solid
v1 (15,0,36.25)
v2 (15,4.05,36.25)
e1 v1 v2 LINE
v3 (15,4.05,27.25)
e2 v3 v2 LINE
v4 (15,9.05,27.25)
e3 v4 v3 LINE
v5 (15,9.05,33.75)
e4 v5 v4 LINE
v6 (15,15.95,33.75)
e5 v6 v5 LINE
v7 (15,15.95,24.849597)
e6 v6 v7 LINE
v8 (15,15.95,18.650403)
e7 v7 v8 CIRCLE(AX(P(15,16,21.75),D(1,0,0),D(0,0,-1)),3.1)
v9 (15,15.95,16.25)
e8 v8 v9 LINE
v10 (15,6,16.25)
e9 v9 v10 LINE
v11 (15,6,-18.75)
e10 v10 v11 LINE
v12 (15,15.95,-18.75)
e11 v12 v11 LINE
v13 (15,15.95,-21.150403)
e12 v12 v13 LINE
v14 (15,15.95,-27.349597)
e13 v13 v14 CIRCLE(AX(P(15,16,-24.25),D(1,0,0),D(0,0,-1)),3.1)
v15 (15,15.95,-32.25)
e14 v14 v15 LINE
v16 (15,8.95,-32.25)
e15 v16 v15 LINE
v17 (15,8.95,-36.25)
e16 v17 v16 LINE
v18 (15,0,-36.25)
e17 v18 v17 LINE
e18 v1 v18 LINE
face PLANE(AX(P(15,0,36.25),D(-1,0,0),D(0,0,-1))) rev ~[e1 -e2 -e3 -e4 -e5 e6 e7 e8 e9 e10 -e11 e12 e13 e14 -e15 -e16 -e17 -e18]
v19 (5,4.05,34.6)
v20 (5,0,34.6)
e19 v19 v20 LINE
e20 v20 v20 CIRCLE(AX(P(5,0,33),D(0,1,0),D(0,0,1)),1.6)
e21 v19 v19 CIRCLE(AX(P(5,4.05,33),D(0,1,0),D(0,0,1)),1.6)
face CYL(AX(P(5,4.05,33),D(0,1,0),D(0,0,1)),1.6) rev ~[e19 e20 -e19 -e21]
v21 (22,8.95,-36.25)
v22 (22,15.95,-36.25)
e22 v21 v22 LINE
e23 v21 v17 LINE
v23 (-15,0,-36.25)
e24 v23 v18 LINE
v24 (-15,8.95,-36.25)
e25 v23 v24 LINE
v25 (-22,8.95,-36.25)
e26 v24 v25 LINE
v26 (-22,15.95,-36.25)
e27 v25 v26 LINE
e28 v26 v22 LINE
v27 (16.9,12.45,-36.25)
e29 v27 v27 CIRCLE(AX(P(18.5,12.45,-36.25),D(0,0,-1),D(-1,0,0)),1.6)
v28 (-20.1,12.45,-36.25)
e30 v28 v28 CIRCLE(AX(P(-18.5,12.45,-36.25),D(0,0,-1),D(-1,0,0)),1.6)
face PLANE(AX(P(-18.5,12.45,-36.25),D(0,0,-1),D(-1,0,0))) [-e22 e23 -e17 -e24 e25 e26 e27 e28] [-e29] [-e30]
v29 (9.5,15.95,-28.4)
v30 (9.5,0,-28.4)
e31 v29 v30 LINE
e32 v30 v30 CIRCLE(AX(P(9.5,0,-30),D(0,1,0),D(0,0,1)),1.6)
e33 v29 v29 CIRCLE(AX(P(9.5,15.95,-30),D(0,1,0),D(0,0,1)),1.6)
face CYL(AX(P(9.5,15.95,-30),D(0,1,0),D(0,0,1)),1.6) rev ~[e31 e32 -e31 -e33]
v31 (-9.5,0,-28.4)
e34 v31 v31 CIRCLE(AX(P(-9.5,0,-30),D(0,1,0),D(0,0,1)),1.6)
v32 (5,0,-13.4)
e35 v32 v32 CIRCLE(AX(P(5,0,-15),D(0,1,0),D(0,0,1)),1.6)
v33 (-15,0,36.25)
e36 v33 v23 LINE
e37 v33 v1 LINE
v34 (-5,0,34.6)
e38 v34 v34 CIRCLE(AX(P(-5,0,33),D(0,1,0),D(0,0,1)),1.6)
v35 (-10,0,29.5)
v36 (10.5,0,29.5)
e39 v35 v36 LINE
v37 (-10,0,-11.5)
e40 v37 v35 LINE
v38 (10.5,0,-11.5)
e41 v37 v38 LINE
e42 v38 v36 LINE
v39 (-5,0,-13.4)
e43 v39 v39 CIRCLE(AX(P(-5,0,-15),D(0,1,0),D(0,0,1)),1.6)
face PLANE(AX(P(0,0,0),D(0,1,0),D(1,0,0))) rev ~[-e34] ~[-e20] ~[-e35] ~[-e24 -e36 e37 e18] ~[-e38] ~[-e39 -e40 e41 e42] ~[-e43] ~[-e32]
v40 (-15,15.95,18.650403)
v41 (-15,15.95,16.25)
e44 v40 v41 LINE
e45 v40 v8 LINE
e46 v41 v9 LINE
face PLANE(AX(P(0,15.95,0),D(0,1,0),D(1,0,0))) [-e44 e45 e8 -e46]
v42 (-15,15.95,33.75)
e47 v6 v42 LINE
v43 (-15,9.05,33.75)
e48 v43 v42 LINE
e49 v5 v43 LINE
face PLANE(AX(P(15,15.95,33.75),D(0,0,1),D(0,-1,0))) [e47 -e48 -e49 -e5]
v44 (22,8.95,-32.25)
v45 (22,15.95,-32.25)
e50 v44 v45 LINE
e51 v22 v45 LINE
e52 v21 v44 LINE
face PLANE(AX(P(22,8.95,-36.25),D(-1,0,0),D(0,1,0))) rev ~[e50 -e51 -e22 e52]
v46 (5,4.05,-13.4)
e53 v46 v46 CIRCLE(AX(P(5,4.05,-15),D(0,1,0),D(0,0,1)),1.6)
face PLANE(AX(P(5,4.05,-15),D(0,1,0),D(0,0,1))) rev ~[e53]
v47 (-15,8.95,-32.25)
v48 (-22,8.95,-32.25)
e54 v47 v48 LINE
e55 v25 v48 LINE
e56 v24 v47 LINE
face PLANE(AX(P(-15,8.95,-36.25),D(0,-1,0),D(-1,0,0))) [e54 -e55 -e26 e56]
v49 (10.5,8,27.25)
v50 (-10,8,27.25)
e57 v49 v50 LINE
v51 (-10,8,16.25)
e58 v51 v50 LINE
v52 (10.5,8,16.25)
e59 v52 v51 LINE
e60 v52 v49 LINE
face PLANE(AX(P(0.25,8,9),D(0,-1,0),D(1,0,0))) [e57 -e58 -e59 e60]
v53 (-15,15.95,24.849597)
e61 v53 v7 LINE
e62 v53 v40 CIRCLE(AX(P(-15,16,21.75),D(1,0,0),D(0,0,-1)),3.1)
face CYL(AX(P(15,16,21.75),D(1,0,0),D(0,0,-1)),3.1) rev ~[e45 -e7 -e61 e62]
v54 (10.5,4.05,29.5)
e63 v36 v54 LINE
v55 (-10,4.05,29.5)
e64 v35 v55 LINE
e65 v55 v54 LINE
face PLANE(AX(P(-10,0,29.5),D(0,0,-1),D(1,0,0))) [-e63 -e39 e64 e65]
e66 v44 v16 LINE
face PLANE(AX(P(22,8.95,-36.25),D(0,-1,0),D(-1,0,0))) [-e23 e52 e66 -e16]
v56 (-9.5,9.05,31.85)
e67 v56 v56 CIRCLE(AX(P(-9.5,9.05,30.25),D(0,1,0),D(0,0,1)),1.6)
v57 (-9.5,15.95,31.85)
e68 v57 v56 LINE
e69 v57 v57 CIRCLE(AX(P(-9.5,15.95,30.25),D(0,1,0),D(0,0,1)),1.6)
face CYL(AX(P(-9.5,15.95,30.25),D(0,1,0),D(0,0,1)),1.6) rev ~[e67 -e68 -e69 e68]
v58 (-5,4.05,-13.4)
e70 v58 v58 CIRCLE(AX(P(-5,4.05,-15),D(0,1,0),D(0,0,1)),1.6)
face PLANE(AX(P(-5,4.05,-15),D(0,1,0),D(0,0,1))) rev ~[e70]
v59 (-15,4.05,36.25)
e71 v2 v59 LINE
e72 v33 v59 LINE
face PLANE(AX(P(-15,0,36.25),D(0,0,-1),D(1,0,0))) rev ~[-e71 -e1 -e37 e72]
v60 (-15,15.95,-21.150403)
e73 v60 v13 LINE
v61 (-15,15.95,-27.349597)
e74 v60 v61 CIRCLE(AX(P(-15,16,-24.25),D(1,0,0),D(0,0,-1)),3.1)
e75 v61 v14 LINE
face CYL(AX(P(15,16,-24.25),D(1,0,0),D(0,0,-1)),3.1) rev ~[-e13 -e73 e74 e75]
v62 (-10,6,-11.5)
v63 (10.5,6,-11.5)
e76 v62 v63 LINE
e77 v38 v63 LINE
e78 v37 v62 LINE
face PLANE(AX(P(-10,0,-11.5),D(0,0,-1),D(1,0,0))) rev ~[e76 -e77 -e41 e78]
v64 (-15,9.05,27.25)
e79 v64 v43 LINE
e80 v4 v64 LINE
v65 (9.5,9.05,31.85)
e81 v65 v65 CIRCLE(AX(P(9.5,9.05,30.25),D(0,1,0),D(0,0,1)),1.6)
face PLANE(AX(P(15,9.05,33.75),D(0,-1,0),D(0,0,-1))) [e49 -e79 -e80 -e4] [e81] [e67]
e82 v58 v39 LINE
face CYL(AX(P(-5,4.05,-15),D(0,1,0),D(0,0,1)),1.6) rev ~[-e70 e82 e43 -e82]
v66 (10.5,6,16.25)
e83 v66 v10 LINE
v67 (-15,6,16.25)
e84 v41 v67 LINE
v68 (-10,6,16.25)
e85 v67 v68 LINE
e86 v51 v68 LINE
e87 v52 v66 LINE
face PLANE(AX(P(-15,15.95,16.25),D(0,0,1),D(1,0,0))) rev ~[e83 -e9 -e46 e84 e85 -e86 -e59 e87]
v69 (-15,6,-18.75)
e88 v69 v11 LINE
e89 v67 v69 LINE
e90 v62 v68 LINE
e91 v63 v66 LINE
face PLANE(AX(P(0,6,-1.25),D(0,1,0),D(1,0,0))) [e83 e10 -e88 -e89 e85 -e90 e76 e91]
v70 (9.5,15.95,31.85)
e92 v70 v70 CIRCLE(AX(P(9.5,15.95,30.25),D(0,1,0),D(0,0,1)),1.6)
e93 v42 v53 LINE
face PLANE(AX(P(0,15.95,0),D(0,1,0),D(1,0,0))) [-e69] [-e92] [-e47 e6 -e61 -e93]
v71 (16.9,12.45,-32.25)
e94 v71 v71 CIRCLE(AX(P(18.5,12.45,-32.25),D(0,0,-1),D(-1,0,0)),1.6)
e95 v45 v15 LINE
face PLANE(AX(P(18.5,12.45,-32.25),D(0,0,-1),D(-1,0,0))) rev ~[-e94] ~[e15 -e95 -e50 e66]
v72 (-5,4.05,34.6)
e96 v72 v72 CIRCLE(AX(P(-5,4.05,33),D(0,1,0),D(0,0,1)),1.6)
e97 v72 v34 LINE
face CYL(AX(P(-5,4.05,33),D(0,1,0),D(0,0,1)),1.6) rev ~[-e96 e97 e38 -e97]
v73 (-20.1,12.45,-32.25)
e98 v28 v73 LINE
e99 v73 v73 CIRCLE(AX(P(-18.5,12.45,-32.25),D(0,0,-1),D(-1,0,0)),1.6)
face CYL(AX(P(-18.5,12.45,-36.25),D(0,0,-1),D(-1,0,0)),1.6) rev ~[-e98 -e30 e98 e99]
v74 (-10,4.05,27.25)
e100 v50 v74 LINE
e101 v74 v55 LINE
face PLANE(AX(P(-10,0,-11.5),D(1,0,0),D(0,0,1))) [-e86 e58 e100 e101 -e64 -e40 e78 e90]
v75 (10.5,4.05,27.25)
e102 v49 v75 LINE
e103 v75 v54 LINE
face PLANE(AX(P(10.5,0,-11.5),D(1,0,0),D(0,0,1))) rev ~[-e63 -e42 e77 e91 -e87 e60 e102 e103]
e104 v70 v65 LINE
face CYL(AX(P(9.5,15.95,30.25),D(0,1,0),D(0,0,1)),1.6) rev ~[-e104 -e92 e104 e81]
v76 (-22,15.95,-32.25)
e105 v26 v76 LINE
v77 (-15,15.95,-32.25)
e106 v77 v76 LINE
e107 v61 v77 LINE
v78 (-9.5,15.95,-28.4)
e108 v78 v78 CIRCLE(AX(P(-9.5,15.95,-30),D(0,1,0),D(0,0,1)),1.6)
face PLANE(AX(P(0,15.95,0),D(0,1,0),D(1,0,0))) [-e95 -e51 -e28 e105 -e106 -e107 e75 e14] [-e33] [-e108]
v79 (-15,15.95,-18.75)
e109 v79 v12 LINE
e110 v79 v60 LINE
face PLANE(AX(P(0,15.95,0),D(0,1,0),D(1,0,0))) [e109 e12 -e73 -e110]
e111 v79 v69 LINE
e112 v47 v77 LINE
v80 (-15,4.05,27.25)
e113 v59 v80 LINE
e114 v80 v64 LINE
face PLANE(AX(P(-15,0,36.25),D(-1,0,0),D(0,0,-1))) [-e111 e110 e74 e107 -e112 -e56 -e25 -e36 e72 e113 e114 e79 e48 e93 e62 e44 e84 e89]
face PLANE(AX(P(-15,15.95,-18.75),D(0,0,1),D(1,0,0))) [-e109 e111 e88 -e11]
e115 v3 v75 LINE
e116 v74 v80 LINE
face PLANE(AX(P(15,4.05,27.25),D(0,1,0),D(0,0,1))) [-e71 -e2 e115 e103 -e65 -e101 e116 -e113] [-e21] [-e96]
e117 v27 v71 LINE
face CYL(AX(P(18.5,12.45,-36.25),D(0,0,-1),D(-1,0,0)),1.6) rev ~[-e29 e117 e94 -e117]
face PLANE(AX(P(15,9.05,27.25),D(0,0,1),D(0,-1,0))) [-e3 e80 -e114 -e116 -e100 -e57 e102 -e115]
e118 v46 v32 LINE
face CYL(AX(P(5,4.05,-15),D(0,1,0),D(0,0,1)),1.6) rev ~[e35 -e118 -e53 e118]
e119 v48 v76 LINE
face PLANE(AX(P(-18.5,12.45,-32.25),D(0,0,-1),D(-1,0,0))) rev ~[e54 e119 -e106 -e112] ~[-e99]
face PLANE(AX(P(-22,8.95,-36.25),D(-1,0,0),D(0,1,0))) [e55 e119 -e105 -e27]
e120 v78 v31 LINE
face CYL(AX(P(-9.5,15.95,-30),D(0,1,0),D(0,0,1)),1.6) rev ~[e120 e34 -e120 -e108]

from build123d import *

# Parameters (mm, degrees)
SKETCH3_W           = 30
SKETCH3_H           = 72.5
BOSS_EXTRUDE2_DEPTH = 15.95
SKETCH7_W           = 20.5
SKETCH7_H           = 41
CUT_EXTRUDE5_DEPTH  = 8
SKETCH8_W           = 30
SKETCH8_H           = 35
CUT_EXTRUDE6_DEPTH  = 9.95
CUT_EXTRUDE7_DEPTH  = 50.683649222
SKETCH10_R          = 3.1
CUT_EXTRUDE8_DEPTH  = 50.683649222
CUT_EXTRUDE9_REACH  = 44.349
SKETCH11_R          = 1.6
CUT_EXTRUDE10_REACH = 42.996
SKETCH12_R          = 1.6
SKETCH13_W          = 7
SKETCH13_H          = 7
SKETCH13_R          = 1.6
BOSS_EXTRUDE3_DEPTH = 4


with BuildPart() as part:
    # Sketch3 → Boss-Extrude2 (new body)
    with BuildSketch(Plane(origin=(0, 0, 0), x_dir=(1, 0, 0), z_dir=(0, 1, 0))):
        Rectangle(SKETCH3_W, SKETCH3_H)
    extrude(amount=BOSS_EXTRUDE2_DEPTH)

    # Sketch7 → Cut-Extrude5 (cut)
    with BuildSketch(Plane.XZ):
        with Locations((0.25, 9)):
            Rectangle(SKETCH7_W, SKETCH7_H)
    extrude(amount=-CUT_EXTRUDE5_DEPTH, mode=Mode.SUBTRACT)

    # Sketch8 → Cut-Extrude6 (cut)
    with BuildSketch(Plane(origin=(0, 15.95, 0), x_dir=(1, 0, 0), z_dir=(0, 1, 0))):
        with Locations((0, 1.25)):
            Rectangle(SKETCH8_W, SKETCH8_H)
    extrude(amount=-CUT_EXTRUDE6_DEPTH, mode=Mode.SUBTRACT)

    # Sketch9 → Cut-Extrude7 (cut, through all)
    with BuildSketch(Plane(origin=(15, 0, 0), x_dir=(0, 0, -1), z_dir=(1, 0, 0))):
        Polygon((-36.25, 15.95), (-33.75, 15.95), (-33.75, 9.05), (-27.25, 9.05), (-27.25, 4.05), (-36.25, 4.05), align=None)
    extrude(amount=-CUT_EXTRUDE7_DEPTH, mode=Mode.SUBTRACT)

    # Sketch10 → Cut-Extrude8 (cut, through all)
    with BuildSketch(Plane(origin=(15, 0, 0), x_dir=(0, 0, -1), z_dir=(1, 0, 0))):
        with Locations((24.25, 16)):
            Circle(SKETCH10_R)
        with Locations((-21.75, 16)):
            Circle(SKETCH10_R)
    extrude(amount=-CUT_EXTRUDE8_DEPTH, mode=Mode.SUBTRACT)

    # Sketch11 → Cut-Extrude9 (cut, up to next)
    with BuildSketch(Plane(origin=(0, 15.95, 0), x_dir=(1, 0, 0), z_dir=(0, 1, 0)), mode=Mode.PRIVATE) as cut_extrude9_sk1:
        with Locations(Location((-9.5, -30.25, 0), (0, 0, 270))):
            Circle(SKETCH11_R)
    cut_extrude9_tool1 = extrude(cut_extrude9_sk1.sketch, amount=-CUT_EXTRUDE9_REACH, mode=Mode.PRIVATE) & part.part
    # Sketch11 → Cut-Extrude9 (cut, up to next)
    with BuildSketch(Plane(origin=(0, 15.95, 0), x_dir=(1, 0, 0), z_dir=(0, 1, 0)), mode=Mode.PRIVATE) as cut_extrude9_sk2:
        with Locations(Location((9.5, -30.25, 0), (0, 0, 270))):
            Circle(SKETCH11_R)
    cut_extrude9_tool2 = extrude(cut_extrude9_sk2.sketch, amount=-CUT_EXTRUDE9_REACH, mode=Mode.PRIVATE) & part.part
    # Sketch11 → Cut-Extrude9 (cut, up to next)
    with BuildSketch(Plane(origin=(0, 15.95, 0), x_dir=(1, 0, 0), z_dir=(0, 1, 0)), mode=Mode.PRIVATE) as cut_extrude9_sk3:
        with Locations(Location((-9.5, 30, 0), (0, 0, 270))):
            Circle(SKETCH11_R)
    cut_extrude9_tool3 = extrude(cut_extrude9_sk3.sketch, amount=-CUT_EXTRUDE9_REACH, mode=Mode.PRIVATE) & part.part
    # Sketch11 → Cut-Extrude9 (cut, up to next)
    with BuildSketch(Plane(origin=(0, 15.95, 0), x_dir=(1, 0, 0), z_dir=(0, 1, 0)), mode=Mode.PRIVATE) as cut_extrude9_sk4:
        with Locations(Location((9.5, 30, 0), (0, 0, 270))):
            Circle(SKETCH11_R)
    cut_extrude9_tool4 = extrude(cut_extrude9_sk4.sketch, amount=-CUT_EXTRUDE9_REACH, mode=Mode.PRIVATE) & part.part
    add(cut_extrude9_tool1.solids().sort_by_distance((-9.5, 15.95, 30.25))[0], mode=Mode.SUBTRACT)
    add(cut_extrude9_tool2.solids().sort_by_distance((9.5, 15.95, 30.25))[0], mode=Mode.SUBTRACT)
    add(cut_extrude9_tool3.solids().sort_by_distance((-9.5, 15.95, -30))[0], mode=Mode.SUBTRACT)
    add(cut_extrude9_tool4.solids().sort_by_distance((9.5, 15.95, -30))[0], mode=Mode.SUBTRACT)

    # Sketch12 → Cut-Extrude10 (cut, up to next)
    with BuildSketch(Plane(origin=(0, 4.05, 0), x_dir=(1, 0, 0), z_dir=(0, 1, 0)), mode=Mode.PRIVATE) as cut_extrude10_sk1:
        with Locations(Location((-5, -33, 0), (0, 0, 270))):
            Circle(SKETCH12_R)
    cut_extrude10_tool1 = extrude(cut_extrude10_sk1.sketch, amount=-CUT_EXTRUDE10_REACH, mode=Mode.PRIVATE) & part.part
    # Sketch12 → Cut-Extrude10 (cut, up to next)
    with BuildSketch(Plane(origin=(0, 4.05, 0), x_dir=(1, 0, 0), z_dir=(0, 1, 0)), mode=Mode.PRIVATE) as cut_extrude10_sk2:
        with Locations(Location((5, -33, 0), (0, 0, 270))):
            Circle(SKETCH12_R)
    cut_extrude10_tool2 = extrude(cut_extrude10_sk2.sketch, amount=-CUT_EXTRUDE10_REACH, mode=Mode.PRIVATE) & part.part
    # Sketch12 → Cut-Extrude10 (cut, up to next)
    with BuildSketch(Plane(origin=(0, 4.05, 0), x_dir=(1, 0, 0), z_dir=(0, 1, 0)), mode=Mode.PRIVATE) as cut_extrude10_sk3:
        with Locations(Location((-5, 15, 0), (0, 0, 270))):
            Circle(SKETCH12_R)
    cut_extrude10_tool3 = extrude(cut_extrude10_sk3.sketch, amount=-CUT_EXTRUDE10_REACH, mode=Mode.PRIVATE) & part.part
    # Sketch12 → Cut-Extrude10 (cut, up to next)
    with BuildSketch(Plane(origin=(0, 4.05, 0), x_dir=(1, 0, 0), z_dir=(0, 1, 0)), mode=Mode.PRIVATE) as cut_extrude10_sk4:
        with Locations(Location((5, 15, 0), (0, 0, 270))):
            Circle(SKETCH12_R)
    cut_extrude10_tool4 = extrude(cut_extrude10_sk4.sketch, amount=-CUT_EXTRUDE10_REACH, mode=Mode.PRIVATE) & part.part
    add(cut_extrude10_tool1.solids().sort_by_distance((-5, 4.05, 33))[0], mode=Mode.SUBTRACT)
    add(cut_extrude10_tool2.solids().sort_by_distance((5, 4.05, 33))[0], mode=Mode.SUBTRACT)
    add(cut_extrude10_tool3.solids().sort_by_distance((-5, 4.05, -15))[0], mode=Mode.SUBTRACT)
    add(cut_extrude10_tool4.solids().sort_by_distance((5, 4.05, -15))[0], mode=Mode.SUBTRACT)

    # Sketch13 → Boss-Extrude3 (add)
    # profile 1 of 2: a face of its own
    with BuildSketch(Plane(origin=(0, 0, -36.25), x_dir=(-1, 0, 0), z_dir=(0, 0, -1))):
        with Locations((18.5, 12.45)):
            Rectangle(SKETCH13_W, SKETCH13_H)
        with Locations((18.5, 12.45)):
            Circle(SKETCH13_R, mode=Mode.SUBTRACT)
    # profile 2 of 2: a face of its own
    with BuildSketch(Plane(origin=(0, 0, -36.25), x_dir=(-1, 0, 0), z_dir=(0, 0, -1))):
        with Locations((-18.5, 12.45)):
            Rectangle(SKETCH13_W, SKETCH13_H)
        with Locations((-18.5, 12.45)):
            Circle(SKETCH13_R, mode=Mode.SUBTRACT)
    extrude(amount=-BOSS_EXTRUDE3_DEPTH)


solid = part.part
